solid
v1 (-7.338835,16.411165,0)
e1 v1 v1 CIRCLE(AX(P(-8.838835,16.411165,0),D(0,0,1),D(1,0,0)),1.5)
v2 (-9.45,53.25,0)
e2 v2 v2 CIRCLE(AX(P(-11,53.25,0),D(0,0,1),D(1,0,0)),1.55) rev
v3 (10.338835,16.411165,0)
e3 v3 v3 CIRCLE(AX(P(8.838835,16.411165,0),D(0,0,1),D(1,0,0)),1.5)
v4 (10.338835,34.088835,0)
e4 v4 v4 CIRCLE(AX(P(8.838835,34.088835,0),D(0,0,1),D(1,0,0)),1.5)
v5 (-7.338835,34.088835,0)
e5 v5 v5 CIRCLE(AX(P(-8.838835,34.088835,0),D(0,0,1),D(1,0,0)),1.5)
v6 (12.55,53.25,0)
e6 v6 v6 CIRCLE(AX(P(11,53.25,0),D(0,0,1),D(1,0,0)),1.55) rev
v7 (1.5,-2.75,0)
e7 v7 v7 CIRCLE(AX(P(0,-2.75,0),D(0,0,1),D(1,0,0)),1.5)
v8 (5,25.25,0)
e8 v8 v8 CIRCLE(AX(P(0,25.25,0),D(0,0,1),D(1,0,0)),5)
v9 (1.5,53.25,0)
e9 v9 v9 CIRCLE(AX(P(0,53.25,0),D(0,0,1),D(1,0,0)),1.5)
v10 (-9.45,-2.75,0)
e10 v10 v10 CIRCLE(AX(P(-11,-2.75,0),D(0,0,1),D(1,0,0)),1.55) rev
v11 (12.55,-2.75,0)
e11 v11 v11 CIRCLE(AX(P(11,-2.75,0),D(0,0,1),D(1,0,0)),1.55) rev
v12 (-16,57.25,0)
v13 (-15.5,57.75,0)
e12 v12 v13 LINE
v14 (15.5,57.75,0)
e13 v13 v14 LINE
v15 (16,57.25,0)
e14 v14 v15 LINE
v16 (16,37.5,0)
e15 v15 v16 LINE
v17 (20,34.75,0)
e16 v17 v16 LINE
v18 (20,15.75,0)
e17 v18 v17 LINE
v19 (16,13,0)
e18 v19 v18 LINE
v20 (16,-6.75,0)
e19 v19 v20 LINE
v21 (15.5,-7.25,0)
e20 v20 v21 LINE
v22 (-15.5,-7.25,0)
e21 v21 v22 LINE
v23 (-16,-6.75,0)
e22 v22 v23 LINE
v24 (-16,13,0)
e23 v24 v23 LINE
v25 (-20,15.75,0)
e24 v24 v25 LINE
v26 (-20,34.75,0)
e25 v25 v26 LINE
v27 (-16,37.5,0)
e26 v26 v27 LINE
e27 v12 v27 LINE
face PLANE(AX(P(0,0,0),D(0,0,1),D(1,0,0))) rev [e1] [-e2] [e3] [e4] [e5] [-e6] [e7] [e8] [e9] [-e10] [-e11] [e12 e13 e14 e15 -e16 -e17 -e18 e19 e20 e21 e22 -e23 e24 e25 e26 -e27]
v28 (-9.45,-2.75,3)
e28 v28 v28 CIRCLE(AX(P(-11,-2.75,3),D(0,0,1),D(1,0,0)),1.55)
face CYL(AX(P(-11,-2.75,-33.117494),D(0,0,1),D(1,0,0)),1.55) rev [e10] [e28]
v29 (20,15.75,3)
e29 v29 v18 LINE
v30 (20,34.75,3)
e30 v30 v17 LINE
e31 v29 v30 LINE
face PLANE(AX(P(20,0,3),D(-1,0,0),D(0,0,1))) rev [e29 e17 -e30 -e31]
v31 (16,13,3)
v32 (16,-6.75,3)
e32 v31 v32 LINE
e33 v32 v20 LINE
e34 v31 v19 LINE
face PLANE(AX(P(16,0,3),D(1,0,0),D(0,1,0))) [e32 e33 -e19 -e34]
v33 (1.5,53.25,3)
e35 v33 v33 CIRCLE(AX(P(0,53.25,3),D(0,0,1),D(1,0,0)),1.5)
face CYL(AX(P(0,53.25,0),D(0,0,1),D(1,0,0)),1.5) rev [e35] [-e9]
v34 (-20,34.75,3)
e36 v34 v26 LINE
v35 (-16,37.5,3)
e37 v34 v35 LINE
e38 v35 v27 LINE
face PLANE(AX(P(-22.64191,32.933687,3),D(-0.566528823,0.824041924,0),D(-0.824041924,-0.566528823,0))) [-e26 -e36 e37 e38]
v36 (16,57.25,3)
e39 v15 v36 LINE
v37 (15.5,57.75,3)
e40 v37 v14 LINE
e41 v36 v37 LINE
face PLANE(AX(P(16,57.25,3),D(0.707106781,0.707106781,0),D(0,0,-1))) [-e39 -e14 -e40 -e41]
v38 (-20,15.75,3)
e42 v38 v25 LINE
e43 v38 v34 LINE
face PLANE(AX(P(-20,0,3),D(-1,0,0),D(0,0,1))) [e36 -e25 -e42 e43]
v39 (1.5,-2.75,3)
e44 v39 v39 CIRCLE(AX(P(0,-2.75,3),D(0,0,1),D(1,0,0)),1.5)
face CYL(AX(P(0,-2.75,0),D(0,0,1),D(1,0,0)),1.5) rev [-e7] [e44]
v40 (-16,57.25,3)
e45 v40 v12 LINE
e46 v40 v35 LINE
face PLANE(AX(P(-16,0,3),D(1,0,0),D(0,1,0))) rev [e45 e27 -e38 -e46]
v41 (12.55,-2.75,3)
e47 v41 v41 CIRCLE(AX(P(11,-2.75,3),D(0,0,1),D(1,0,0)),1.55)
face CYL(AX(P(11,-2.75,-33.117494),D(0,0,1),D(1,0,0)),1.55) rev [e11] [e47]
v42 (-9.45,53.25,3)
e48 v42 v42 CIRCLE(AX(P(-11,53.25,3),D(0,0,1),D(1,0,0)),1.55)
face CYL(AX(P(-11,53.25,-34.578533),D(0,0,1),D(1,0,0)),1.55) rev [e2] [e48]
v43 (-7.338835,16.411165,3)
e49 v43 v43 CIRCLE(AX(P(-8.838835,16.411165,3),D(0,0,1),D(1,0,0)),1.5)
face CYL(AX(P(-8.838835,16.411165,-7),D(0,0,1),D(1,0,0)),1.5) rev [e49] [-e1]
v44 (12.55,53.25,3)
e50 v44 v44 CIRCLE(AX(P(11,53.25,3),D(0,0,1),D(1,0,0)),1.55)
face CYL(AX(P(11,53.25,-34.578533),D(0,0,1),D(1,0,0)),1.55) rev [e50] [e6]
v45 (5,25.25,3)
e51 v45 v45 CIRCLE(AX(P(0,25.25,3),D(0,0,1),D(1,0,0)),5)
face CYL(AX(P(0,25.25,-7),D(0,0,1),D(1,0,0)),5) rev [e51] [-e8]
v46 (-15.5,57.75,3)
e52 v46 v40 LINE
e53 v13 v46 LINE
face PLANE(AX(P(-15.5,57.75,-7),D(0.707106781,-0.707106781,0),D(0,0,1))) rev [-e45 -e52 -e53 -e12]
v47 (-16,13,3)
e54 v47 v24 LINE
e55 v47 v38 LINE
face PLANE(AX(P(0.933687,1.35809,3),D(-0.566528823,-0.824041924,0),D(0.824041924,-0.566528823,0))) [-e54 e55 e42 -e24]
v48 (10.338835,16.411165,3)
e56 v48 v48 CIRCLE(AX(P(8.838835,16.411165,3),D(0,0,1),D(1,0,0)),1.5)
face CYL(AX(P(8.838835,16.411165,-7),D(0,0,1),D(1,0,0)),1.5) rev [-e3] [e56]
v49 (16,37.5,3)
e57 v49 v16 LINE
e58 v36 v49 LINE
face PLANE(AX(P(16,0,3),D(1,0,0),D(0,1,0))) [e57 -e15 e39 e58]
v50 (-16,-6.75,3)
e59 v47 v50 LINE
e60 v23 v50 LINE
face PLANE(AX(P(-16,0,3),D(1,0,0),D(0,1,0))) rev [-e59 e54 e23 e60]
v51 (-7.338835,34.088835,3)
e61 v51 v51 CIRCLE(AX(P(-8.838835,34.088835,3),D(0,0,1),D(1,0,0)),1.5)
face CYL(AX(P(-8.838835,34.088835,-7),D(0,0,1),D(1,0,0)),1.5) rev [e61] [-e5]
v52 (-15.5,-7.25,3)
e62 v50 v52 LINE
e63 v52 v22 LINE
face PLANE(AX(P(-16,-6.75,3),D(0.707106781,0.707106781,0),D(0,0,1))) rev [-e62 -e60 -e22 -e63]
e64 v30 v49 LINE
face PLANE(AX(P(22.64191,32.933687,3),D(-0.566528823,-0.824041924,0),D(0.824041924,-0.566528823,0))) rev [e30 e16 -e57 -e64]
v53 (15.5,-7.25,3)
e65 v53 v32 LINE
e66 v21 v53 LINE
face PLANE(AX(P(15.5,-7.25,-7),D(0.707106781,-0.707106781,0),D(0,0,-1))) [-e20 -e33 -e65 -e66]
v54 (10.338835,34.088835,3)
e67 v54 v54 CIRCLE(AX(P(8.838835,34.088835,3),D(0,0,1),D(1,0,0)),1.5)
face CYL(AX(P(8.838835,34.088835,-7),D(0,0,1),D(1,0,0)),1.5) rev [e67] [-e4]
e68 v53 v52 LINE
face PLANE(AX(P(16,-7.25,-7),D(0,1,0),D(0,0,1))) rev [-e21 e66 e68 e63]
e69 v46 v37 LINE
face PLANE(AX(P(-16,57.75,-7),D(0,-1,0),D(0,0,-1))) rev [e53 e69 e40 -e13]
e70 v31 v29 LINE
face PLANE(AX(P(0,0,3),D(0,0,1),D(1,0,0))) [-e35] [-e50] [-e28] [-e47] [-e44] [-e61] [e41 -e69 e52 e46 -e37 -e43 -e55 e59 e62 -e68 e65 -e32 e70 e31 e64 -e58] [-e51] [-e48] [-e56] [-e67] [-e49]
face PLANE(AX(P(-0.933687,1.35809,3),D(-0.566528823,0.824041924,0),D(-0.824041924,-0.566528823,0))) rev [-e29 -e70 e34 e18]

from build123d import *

# Parameters (mm, degrees)
IZIM1_R                      = 1
Y_KSEKLIK_EKSTR_ZYON1_DEPTH  = 3
KES_EKSTR_ZYON1_DEPTH        = 10
Y_KSEKLIK_EKSTR_ZYON2_DEPTH  = 3
IZIM6_R                      = 1.55
Y_KSEKLIK_EKSTR_ZYON4_DEPTH  = 3
IZIM9_W                      = 2.764853826
IZIM9_H                      = 2.899724745
IZIM9_W_2                    = 2.53555673
IZIM9_H_2                    = 2.630505748
Y_KSEKLIK_EKSTR_ZYON5_DEPTH  = 3
IZIM8_R                      = 1.55
Y_KSEKLIK_EKSTR_ZYON6_DEPTH  = 3
IZIM10_R                     = 1.55
KES_EKSTR_ZYON2_DEPTH        = 10
IZIM14_R                     = 1.5
KES_EKSTR_ZYON3_DEPTH        = 10
IZIM15_R                     = 5
KES_EKSTR_ZYON4_DEPTH        = 10
Y_KSEKLIK_EKSTR_ZYON7_DEPTH  = 3
KES_EKSTR_ZYON5_DEPTH        = 3
IZIM23_R                     = 1.55
KES_EKSTR_ZYON6_DEPTH        = 3
IZIM25_R                     = 1.5
KES_EKSTR_ZYON7_DEPTH        = 3
Y_KSEKLIK_EKSTR_ZYON8_DEPTH  = 3
IZIM27_W                     = 26
IZIM27_H                     = 10
Y_KSEKLIK_EKSTR_ZYON9_DEPTH  = 3
IZIM28_W                     = 32
IZIM28_H                     = 10.183470431
KES_EKSTR_ZYON8_DEPTH        = 10
IZIM29_W                     = 21.597894427
IZIM29_H                     = 9.610197834
Y_KSEKLIK_EKSTR_ZYON11_DEPTH = 3
IZIM30_W                     = 32
IZIM30_H                     = 0.75
IZIM30_H_2                   = 0.5
KES_EKSTR_ZYON9_DEPTH        = 10
PAH1_SIZE                    = 0.5


with BuildPart() as part:
    # Çizim1 → Yükseklik-Ekstrüzyon1 (new body)
    # profile 1 of 2: a face of its own
    with BuildSketch(Plane.XY):
        Polygon((7.5, 49.5), (0, 49.5), (0, 46.25495549), (3, 46.25495549), (3.494974747, 46.749930237), (5.494974747, 46.749930237), (8.5, 44.749930237), (8.5, 43.249930237), (8.5, 41.749930237), (5.494974747, 39.749930237), (3.494974747, 39.749930237), (3, 40.244904984), (0, 40.244904984), (0, -51.5), (8.5, -51.5), (13.25, -48.202566926), (13.25, -43.75), (12.5, -43), (12.5, -35), (13.25, -34.25), (13.25, -28.25), (12.5, -27.5), (12.5, -19.5), (13.25, -18.75), (13.25, -12.75), (12.5, -12), (12.5, -4), (14, -2.5), (14, -2), (16, 0), (16, 13), (20, 15.75), (20, 33.5), (20, 34.75), (16, 37.5), (16, 47.5), (12, 51.5), (9.5, 51.5), align=None)
        Polygon((2.624434095, -42.600069763), (3.119408841, -42.105095016), (3.119408841, -36.105095016), (2.624434095, -35.610120269), (2.624434095, -33.610120269), (4.624434095, -30.605095016), (6.124434095, -30.605095016), (7.624434095, -30.605095016), (9.624434095, -33.610120269), (9.624434095, -35.610120269), (9.129459348, -36.105095016), (9.129459348, -42.105095016), (9.624434095, -42.600069763), (9.624434095, -44.600069763), (7.624434095, -47.605095016), (6.124434095, -47.605095016), (4.624434095, -47.605095016), (2.624434095, -44.600069763), align=None, mode=Mode.SUBTRACT)
        Polygon((4.624434095, -7.305095016), (6.124434095, -7.305095016), (7.624434095, -7.305095016), (9.624434095, -10.310120269), (9.624434095, -12.310120269), (9.129459348, -12.805095016), (9.129459348, -18.805095016), (9.624434095, -19.300069763), (9.624434095, -21.300069763), (7.624434095, -24.305095016), (6.124434095, -24.305095016), (4.624434095, -24.305095016), (2.624434095, -21.300069763), (2.624434095, -19.300069763), (3.119408841, -18.805095016), (3.119408841, -12.805095016), (2.624434095, -12.310120269), (2.624434095, -10.310120269), align=None, mode=Mode.SUBTRACT)
        with Locations((11, -0.75)):
            Circle(IZIM1_R, mode=Mode.SUBTRACT)
        with Locations((11, 48.25)):
            Circle(IZIM1_R, mode=Mode.SUBTRACT)
    # profile 2 of 2: a face of its own
    with BuildSketch(Plane.XY):
        Polygon((-9.5, 51.5), (-12, 51.5), (-16, 47.5), (-16, 37.5), (-20, 34.75), (-20, 33.5), (-20, 15.75), (-16, 13), (-16, 0), (-14, -2), (-14, -2.5), (-12.5, -4), (-12.5, -12), (-13.25, -12.75), (-13.25, -18.75), (-12.5, -19.5), (-12.5, -27.5), (-13.25, -28.25), (-13.25, -34.25), (-12.5, -35), (-12.5, -43), (-13.25, -43.75), (-13.25, -48.202566926), (-8.5, -51.5), (0, -51.5), (0, 40.244904984), (-3, 40.244904984), (-3.494974747, 39.749930237), (-5.494974747, 39.749930237), (-8.5, 41.749930237), (-8.5, 43.249930237), (-8.5, 44.749930237), (-5.494974747, 46.749930237), (-3.494974747, 46.749930237), (-3, 46.25495549), (0, 46.25495549), (0, 49.5), (-7.5, 49.5), align=None)
        Polygon((-2.624434095, -35.610120269), (-3.119408841, -36.105095016), (-3.119408841, -42.105095016), (-2.624434095, -42.600069763), (-2.624434095, -44.600069763), (-4.624434095, -47.605095016), (-6.124434095, -47.605095016), (-7.624434095, -47.605095016), (-9.624434095, -44.600069763), (-9.624434095, -42.600069763), (-9.129459348, -42.105095016), (-9.129459348, -36.105095016), (-9.624434095, -35.610120269), (-9.624434095, -33.610120269), (-7.624434095, -30.605095016), (-6.124434095, -30.605095016), (-4.624434095, -30.605095016), (-2.624434095, -33.610120269), align=None, mode=Mode.SUBTRACT)
        with Locations((-11, -0.75)):
            Circle(IZIM1_R, mode=Mode.SUBTRACT)
        Polygon((-3.119408841, -18.805095016), (-2.624434095, -19.300069763), (-2.624434095, -21.300069763), (-4.624434095, -24.305095016), (-6.124434095, -24.305095016), (-7.624434095, -24.305095016), (-9.624434095, -21.300069763), (-9.624434095, -19.300069763), (-9.129459348, -18.805095016), (-9.129459348, -12.805095016), (-9.624434095, -12.310120269), (-9.624434095, -10.310120269), (-7.624434095, -7.305095016), (-6.124434095, -7.305095016), (-4.624434095, -7.305095016), (-2.624434095, -10.310120269), (-2.624434095, -12.310120269), (-3.119408841, -12.805095016), align=None, mode=Mode.SUBTRACT)
        with Locations((-11, 48.25)):
            Circle(IZIM1_R, mode=Mode.SUBTRACT)
    extrude(amount=Y_KSEKLIK_EKSTR_ZYON1_DEPTH)

    # Çizim2 → Kes-Ekstrüzyon1 (cut)
    with BuildSketch(Plane.XY.offset(3)):
        Polygon((-12.5, -4), (12.5, -4), (38.548396408, -28.529419771), (17.359301926, -71.305004234), (-44.147930668, -53.058839542), align=None)
    extrude(amount=-KES_EKSTR_ZYON1_DEPTH, mode=Mode.SUBTRACT)

    # Çizim3 → Yükseklik-Ekstrüzyon2 (add)
    with BuildSketch(Plane.XY.offset(3)):
        Polygon((9.5, 51.5), (-9.5, 51.5), (-7.5, 49.5), (7.5, 49.5), align=None)
    extrude(amount=-Y_KSEKLIK_EKSTR_ZYON2_DEPTH)

    # Çizim6 → Yükseklik-Ekstrüzyon4 (add)
    with BuildSketch(Plane.XY.offset(3)):
        Polygon((-16, 47.5), (-16, 54.5), (-12, 58.5), (12, 58.5), (16, 54.5), (16, 47.5), (12.510789388, 45.937791763), (6.230146787, 48.369008254), (-4.136290194, 49.078113063), (-9.944196255, 45.397521432), align=None)
        with Locations((11, 53.25)):
            Circle(IZIM6_R, mode=Mode.SUBTRACT)
        with Locations((-11, 53.25)):
            Circle(IZIM6_R, mode=Mode.SUBTRACT)
    extrude(amount=-Y_KSEKLIK_EKSTR_ZYON4_DEPTH)

    # Çizim9 → Yükseklik-Ekstrüzyon5 (add)
    with BuildSketch(Plane.XY.offset(3)):
        with Locations((-10.828696241, -0.299998429)):
            Rectangle(IZIM9_W, IZIM9_H)
        with Locations((11.040614903, -0.603719415)):
            Rectangle(IZIM9_W_2, IZIM9_H_2)
    extrude(amount=-Y_KSEKLIK_EKSTR_ZYON5_DEPTH)

    # Çizim8 → Yükseklik-Ekstrüzyon6 (add)
    with BuildSketch(Plane.XY.offset(3)):
        Polygon((-16, 0), (-16, -2), (-12.5, -6), (12.5, -6), (16, -2), (16, 0), (12.001079667, 1.705733335), (6.853090616, -1.163543143), (-3.589444332, -1.163543143), (-11.459943544, 2.530439958), align=None)
        with Locations((-11, -2.75)):
            Circle(IZIM8_R, mode=Mode.SUBTRACT)
        with Locations((11, -2.75)):
            Circle(IZIM8_R, mode=Mode.SUBTRACT)
    extrude(amount=-Y_KSEKLIK_EKSTR_ZYON6_DEPTH)

    # Çizim10 → Kes-Ekstrüzyon2 (cut)
    with BuildSketch(Plane.XY.offset(3)):
        with Locations((-11, -2.75)):
            Circle(IZIM10_R)
        with Locations((11, -2.75)):
            Circle(IZIM10_R)
    extrude(amount=-KES_EKSTR_ZYON2_DEPTH, mode=Mode.SUBTRACT)

    # Çizim14 → Kes-Ekstrüzyon3 (cut)
    with BuildSketch(Plane.XY.offset(3)):
        with Locations((8.838834765, 34.088834765)):
            Circle(IZIM14_R)
        with Locations((-8.838834765, 16.411165235)):
            Circle(IZIM14_R)
        with Locations((8.838834765, 16.411165235)):
            Circle(IZIM14_R)
        with Locations((-8.838834765, 34.088834765)):
            Circle(IZIM14_R)
    extrude(amount=-KES_EKSTR_ZYON3_DEPTH, mode=Mode.SUBTRACT)

    # Çizim15 → Kes-Ekstrüzyon4 (cut)
    with BuildSketch(Plane.XY.offset(3)):
        with Locations((0, 25.25)):
            Circle(IZIM15_R)
    extrude(amount=-KES_EKSTR_ZYON4_DEPTH, mode=Mode.SUBTRACT)

    # Çizim19 → Yükseklik-Ekstrüzyon7 (add)
    with BuildSketch(Plane.XY.offset(3)):
        Polygon((-16, -13), (-12, -17), (12, -17), (16, -13), (16, -2), (-16, -2), align=None)
    extrude(amount=-Y_KSEKLIK_EKSTR_ZYON7_DEPTH)

    # Çizim22 → Kes-Ekstrüzyon5 (cut)
    with BuildSketch(Plane.XY.offset(3)):
        Polygon((3, -7.610667932), (3.494974747, -7.115693185), (5.494974747, -7.115693185), (8.5, -9.115693185), (8.5, -12.115693185), (5.494974747, -14.115693185), (3.494974747, -14.115693185), (3, -13.620718438), (-3, -13.620718438), (-3.494974747, -14.115693185), (-5.494974747, -14.115693185), (-8.5, -12.115693185), (-8.5, -9.115693185), (-5.494974747, -7.115693185), (-3.494974747, -7.115693185), (-3, -7.610667932), align=None)
    extrude(amount=-KES_EKSTR_ZYON5_DEPTH, mode=Mode.SUBTRACT)

    # Çizim23 → Kes-Ekstrüzyon6 (cut)
    with BuildSketch(Plane.XY.offset(3)):
        with Locations((-11, -2.75)):
            Circle(IZIM23_R)
        with Locations((11, -2.75)):
            Circle(IZIM23_R)
    extrude(amount=-KES_EKSTR_ZYON6_DEPTH, mode=Mode.SUBTRACT)

    # Çizim25 → Kes-Ekstrüzyon7 (cut)
    with BuildSketch(Plane.XY.offset(3)):
        with Locations((0, -2.75)):
            Circle(IZIM25_R)
        with Locations((0, 53.25)):
            Circle(IZIM25_R)
    extrude(amount=-KES_EKSTR_ZYON7_DEPTH, mode=Mode.SUBTRACT)

    # Çizim26 → Yükseklik-Ekstrüzyon8 (add)
    with BuildSketch(Plane.XY.offset(3)):
        Polygon((-16, 54.5), (-12, 58.5), (-16, 58.5), align=None)
        Polygon((12, 58.5), (16, 54.5), (16, 58.5), align=None)
    extrude(amount=-Y_KSEKLIK_EKSTR_ZYON8_DEPTH)

    # Çizim27 → Yükseklik-Ekstrüzyon9 (add)
    with BuildSketch(Plane.XY.offset(3)):
        with Locations((-1, -12)):
            Rectangle(IZIM27_W, IZIM27_H)
    extrude(amount=-Y_KSEKLIK_EKSTR_ZYON9_DEPTH)

    # Çizim28 → Kes-Ekstrüzyon8 (cut)
    with BuildSketch(Plane.XY.offset(3)):
        with Locations((0, -12.841735215)):
            Rectangle(IZIM28_W, IZIM28_H)
    extrude(amount=-KES_EKSTR_ZYON8_DEPTH, mode=Mode.SUBTRACT)

    # Çizim29 → Yükseklik-Ekstrüzyon11 (add)
    with BuildSketch(Plane.XY.offset(3)):
        with Locations((0.687303888, 43.184879182)):
            Rectangle(IZIM29_W, IZIM29_H)
    extrude(amount=-Y_KSEKLIK_EKSTR_ZYON11_DEPTH)

    # Çizim30 → Kes-Ekstrüzyon9 (cut)
    with BuildSketch(Plane.XY.offset(3)):
        with Locations((0, 58.125)):
            Rectangle(IZIM30_W, IZIM30_H)
        with Locations((0, -7.5)):
            Rectangle(IZIM30_W, IZIM30_H_2)
    extrude(amount=-KES_EKSTR_ZYON9_DEPTH, mode=Mode.SUBTRACT)

    # Pah1
    pah1_edges = [part.edges().sort_by_distance(p)[0] for p in [
        (16, 57.75, 1.5),
        (-16, 57.75, 1.5),
        (-16, -7.25, 1.5),
        (16, -7.25, 1.5),
    ]]
    chamfer(pah1_edges, length=PAH1_SIZE)


solid = part.part
